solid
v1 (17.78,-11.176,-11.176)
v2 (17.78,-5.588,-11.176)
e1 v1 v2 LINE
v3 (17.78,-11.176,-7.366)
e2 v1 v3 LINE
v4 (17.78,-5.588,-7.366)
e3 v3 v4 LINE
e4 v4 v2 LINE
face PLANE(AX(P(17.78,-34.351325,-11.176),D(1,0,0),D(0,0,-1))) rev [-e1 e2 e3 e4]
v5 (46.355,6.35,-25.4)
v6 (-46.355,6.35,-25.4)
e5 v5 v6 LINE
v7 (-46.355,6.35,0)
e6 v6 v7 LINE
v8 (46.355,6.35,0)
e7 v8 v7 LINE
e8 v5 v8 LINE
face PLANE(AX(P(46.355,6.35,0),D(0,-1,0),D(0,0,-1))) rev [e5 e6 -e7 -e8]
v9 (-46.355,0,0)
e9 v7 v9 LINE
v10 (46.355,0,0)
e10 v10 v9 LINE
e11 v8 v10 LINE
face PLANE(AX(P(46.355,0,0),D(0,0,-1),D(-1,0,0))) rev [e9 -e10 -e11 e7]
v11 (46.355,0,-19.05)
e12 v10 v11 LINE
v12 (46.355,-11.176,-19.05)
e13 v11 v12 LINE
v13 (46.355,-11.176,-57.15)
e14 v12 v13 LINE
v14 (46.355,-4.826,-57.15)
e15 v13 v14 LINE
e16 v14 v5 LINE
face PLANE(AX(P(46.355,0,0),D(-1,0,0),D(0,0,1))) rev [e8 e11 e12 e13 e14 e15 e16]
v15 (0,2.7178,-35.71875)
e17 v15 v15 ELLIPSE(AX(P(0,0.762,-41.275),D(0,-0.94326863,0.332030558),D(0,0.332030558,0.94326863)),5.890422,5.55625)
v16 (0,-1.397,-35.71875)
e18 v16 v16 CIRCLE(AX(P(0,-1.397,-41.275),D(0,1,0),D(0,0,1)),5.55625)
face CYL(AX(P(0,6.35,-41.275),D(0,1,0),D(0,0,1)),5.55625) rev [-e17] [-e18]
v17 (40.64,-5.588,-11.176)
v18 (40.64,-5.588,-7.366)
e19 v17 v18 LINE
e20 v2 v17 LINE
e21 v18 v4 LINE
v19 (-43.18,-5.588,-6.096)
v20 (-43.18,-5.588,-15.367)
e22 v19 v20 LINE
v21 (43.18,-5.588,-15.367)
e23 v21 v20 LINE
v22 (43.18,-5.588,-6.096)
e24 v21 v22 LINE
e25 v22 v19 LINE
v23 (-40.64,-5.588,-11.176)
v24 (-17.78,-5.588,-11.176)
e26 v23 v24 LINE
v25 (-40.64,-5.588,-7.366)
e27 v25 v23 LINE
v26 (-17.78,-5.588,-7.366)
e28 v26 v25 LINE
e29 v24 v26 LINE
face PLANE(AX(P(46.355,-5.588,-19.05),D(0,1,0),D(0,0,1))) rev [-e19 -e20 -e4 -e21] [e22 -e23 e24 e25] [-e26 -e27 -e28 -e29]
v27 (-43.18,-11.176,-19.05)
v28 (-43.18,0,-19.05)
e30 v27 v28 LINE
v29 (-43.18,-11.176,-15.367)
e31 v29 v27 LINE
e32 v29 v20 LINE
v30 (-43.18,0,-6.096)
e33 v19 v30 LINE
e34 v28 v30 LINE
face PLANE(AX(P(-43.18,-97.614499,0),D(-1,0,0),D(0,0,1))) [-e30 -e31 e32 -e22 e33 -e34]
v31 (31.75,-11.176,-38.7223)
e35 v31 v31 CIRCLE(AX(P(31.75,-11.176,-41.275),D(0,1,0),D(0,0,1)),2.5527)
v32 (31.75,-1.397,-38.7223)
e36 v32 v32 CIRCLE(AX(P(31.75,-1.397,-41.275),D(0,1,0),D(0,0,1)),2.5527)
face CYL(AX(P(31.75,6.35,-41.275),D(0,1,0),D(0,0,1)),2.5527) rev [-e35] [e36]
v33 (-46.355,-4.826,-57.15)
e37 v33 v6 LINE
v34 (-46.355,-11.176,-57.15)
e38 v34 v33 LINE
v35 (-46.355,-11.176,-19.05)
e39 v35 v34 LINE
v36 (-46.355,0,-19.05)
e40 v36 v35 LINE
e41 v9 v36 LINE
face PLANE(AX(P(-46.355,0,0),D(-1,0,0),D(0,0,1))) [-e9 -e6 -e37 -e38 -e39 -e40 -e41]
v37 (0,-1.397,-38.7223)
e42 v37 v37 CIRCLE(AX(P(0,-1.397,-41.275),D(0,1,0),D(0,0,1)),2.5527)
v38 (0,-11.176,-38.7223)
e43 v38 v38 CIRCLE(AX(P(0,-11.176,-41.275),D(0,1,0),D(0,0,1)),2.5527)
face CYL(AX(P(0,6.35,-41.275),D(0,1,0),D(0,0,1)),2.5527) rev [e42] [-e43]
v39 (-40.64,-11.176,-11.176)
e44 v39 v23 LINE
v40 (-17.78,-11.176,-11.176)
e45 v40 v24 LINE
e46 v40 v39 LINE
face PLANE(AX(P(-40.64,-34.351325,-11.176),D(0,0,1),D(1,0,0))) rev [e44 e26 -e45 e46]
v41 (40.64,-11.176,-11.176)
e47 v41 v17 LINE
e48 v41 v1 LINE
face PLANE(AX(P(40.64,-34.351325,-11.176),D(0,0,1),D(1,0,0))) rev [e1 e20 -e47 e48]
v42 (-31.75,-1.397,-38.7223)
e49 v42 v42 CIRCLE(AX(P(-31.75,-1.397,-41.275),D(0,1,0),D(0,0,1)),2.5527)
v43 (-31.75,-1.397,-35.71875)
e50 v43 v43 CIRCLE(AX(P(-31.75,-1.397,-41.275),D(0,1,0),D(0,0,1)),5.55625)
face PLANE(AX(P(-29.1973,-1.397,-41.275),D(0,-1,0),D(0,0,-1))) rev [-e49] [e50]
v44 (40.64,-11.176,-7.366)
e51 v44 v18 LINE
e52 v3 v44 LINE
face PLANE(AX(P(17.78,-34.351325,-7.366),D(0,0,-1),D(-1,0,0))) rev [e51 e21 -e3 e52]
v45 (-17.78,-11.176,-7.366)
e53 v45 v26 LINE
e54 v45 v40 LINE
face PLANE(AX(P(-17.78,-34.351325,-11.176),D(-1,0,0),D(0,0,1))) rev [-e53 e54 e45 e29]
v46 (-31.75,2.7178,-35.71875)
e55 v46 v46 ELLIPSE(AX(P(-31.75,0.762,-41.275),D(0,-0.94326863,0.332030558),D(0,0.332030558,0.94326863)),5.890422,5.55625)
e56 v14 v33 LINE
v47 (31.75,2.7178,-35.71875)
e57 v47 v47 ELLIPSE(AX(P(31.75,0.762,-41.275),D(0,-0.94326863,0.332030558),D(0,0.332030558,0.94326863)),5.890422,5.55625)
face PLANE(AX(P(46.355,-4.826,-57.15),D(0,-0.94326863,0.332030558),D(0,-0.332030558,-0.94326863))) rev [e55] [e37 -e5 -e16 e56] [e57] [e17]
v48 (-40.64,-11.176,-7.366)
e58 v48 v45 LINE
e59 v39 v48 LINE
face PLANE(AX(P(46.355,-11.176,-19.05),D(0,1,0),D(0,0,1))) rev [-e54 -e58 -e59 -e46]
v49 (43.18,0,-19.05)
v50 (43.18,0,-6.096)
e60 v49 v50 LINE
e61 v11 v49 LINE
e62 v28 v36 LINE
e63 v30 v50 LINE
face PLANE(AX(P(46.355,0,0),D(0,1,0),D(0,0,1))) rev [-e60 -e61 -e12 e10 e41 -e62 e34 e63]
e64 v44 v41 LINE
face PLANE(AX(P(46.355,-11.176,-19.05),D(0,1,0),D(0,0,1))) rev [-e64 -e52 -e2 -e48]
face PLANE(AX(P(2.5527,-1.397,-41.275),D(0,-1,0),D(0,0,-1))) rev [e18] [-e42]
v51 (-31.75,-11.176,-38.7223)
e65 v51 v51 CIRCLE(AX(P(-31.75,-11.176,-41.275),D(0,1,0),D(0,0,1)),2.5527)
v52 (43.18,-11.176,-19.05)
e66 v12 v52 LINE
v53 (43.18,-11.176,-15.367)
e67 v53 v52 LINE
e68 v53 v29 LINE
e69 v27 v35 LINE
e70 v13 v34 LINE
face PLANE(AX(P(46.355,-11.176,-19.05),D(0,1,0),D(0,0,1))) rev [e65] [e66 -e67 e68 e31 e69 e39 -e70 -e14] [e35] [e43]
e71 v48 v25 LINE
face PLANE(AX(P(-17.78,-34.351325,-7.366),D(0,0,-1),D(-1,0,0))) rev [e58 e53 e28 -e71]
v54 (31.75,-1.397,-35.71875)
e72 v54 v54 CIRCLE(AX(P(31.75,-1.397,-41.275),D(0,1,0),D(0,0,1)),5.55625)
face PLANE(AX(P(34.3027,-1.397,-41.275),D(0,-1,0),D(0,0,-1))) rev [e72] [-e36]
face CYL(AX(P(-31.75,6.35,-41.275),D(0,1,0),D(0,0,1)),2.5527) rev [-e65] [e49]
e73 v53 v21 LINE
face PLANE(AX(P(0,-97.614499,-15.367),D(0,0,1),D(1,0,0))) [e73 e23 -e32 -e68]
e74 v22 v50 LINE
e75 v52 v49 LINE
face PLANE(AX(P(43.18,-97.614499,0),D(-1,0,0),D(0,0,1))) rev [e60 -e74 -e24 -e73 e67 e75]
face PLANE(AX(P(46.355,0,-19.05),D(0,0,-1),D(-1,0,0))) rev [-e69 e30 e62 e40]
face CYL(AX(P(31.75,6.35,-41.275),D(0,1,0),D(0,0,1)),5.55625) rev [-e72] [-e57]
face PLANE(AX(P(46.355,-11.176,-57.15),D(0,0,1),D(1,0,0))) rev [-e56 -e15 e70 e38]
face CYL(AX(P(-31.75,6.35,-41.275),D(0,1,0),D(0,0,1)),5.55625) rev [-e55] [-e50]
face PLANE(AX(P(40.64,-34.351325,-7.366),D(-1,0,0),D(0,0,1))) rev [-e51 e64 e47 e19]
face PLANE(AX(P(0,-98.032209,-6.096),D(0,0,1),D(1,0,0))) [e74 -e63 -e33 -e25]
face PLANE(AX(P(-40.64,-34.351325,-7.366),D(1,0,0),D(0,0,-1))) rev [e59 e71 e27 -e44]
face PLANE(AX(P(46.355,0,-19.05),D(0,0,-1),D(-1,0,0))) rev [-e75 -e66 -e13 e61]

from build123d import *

# Parameters (mm, degrees)
BOSS_EXTRUDE1_DEPTH                                 = 46.355
SKETCH3_W                                           = 86.36
SKETCH3_H                                           = 3.683
BOSS_EXTRUDE2_DEPTH                                 = 11.176
SKETCH3_3_W                                         = 86.36
SKETCH3_3_H                                         = 9.271
BOSS_EXTRUDE3_DEPTH                                 = 5.588
SKETCH4_W                                           = 22.86
SKETCH4_H                                           = 3.81
BOSS_EXTRUDE4_DEPTH                                 = 5.588
CBORE_FOR_10_BINDING_HEAD_MACHINE_SCREW_D           = 5.1054
CBORE_FOR_10_BINDING_HEAD_MACHINE_SCREW_CBORE_D     = 11.1125
CBORE_FOR_10_BINDING_HEAD_MACHINE_SCREW_CBORE_DEPTH = 7.747


with BuildPart() as part:
    # Sketch2 → Boss-Extrude1 (new body, symmetric)
    with BuildSketch(Plane(origin=(0, 0, 0), x_dir=(0, 0, -1), z_dir=(1, 0, 0))):
        Polygon((19.05, 0), (19.05, -11.176), (57.15, -11.176), (57.15, -4.826), (25.4, 6.35), (0, 6.35), (0, 0), align=None)
    extrude(amount=BOSS_EXTRUDE1_DEPTH, both=True)

    # Sketch3 → Boss-Extrude2 (add)
    with BuildSketch(Plane.XZ):
        with Locations((0, -17.2085)):
            Rectangle(SKETCH3_W, SKETCH3_H)
    extrude(amount=BOSS_EXTRUDE2_DEPTH)

    # Sketch3<3> → Boss-Extrude3 (add)
    with BuildSketch(Plane.XZ):
        with Locations((0, -10.7315)):
            Rectangle(SKETCH3_3_W, SKETCH3_3_H)
    extrude(amount=BOSS_EXTRUDE3_DEPTH)

    # Sketch4 → Boss-Extrude4 (add)
    with BuildSketch(Plane.XZ.offset(5.588)):
        with Locations((-29.21, -9.271)):
            Rectangle(SKETCH4_W, SKETCH4_H)
        with Locations((29.21, -9.271)):
            Rectangle(SKETCH4_W, SKETCH4_H)
    extrude(amount=BOSS_EXTRUDE4_DEPTH)

    # CBORE for #10 Binding Head Machine Screw1 (through all)
    with Locations(Plane(origin=(0, 6.35, 0), x_dir=(-1, 0, 0), z_dir=(0, 1, 0))):
        with Locations((-31.75, -41.275), (0, -41.275), (31.75, -41.275)):
            CounterBoreHole(CBORE_FOR_10_BINDING_HEAD_MACHINE_SCREW_D / 2, CBORE_FOR_10_BINDING_HEAD_MACHINE_SCREW_CBORE_D / 2, CBORE_FOR_10_BINDING_HEAD_MACHINE_SCREW_CBORE_DEPTH)


solid = part.part
